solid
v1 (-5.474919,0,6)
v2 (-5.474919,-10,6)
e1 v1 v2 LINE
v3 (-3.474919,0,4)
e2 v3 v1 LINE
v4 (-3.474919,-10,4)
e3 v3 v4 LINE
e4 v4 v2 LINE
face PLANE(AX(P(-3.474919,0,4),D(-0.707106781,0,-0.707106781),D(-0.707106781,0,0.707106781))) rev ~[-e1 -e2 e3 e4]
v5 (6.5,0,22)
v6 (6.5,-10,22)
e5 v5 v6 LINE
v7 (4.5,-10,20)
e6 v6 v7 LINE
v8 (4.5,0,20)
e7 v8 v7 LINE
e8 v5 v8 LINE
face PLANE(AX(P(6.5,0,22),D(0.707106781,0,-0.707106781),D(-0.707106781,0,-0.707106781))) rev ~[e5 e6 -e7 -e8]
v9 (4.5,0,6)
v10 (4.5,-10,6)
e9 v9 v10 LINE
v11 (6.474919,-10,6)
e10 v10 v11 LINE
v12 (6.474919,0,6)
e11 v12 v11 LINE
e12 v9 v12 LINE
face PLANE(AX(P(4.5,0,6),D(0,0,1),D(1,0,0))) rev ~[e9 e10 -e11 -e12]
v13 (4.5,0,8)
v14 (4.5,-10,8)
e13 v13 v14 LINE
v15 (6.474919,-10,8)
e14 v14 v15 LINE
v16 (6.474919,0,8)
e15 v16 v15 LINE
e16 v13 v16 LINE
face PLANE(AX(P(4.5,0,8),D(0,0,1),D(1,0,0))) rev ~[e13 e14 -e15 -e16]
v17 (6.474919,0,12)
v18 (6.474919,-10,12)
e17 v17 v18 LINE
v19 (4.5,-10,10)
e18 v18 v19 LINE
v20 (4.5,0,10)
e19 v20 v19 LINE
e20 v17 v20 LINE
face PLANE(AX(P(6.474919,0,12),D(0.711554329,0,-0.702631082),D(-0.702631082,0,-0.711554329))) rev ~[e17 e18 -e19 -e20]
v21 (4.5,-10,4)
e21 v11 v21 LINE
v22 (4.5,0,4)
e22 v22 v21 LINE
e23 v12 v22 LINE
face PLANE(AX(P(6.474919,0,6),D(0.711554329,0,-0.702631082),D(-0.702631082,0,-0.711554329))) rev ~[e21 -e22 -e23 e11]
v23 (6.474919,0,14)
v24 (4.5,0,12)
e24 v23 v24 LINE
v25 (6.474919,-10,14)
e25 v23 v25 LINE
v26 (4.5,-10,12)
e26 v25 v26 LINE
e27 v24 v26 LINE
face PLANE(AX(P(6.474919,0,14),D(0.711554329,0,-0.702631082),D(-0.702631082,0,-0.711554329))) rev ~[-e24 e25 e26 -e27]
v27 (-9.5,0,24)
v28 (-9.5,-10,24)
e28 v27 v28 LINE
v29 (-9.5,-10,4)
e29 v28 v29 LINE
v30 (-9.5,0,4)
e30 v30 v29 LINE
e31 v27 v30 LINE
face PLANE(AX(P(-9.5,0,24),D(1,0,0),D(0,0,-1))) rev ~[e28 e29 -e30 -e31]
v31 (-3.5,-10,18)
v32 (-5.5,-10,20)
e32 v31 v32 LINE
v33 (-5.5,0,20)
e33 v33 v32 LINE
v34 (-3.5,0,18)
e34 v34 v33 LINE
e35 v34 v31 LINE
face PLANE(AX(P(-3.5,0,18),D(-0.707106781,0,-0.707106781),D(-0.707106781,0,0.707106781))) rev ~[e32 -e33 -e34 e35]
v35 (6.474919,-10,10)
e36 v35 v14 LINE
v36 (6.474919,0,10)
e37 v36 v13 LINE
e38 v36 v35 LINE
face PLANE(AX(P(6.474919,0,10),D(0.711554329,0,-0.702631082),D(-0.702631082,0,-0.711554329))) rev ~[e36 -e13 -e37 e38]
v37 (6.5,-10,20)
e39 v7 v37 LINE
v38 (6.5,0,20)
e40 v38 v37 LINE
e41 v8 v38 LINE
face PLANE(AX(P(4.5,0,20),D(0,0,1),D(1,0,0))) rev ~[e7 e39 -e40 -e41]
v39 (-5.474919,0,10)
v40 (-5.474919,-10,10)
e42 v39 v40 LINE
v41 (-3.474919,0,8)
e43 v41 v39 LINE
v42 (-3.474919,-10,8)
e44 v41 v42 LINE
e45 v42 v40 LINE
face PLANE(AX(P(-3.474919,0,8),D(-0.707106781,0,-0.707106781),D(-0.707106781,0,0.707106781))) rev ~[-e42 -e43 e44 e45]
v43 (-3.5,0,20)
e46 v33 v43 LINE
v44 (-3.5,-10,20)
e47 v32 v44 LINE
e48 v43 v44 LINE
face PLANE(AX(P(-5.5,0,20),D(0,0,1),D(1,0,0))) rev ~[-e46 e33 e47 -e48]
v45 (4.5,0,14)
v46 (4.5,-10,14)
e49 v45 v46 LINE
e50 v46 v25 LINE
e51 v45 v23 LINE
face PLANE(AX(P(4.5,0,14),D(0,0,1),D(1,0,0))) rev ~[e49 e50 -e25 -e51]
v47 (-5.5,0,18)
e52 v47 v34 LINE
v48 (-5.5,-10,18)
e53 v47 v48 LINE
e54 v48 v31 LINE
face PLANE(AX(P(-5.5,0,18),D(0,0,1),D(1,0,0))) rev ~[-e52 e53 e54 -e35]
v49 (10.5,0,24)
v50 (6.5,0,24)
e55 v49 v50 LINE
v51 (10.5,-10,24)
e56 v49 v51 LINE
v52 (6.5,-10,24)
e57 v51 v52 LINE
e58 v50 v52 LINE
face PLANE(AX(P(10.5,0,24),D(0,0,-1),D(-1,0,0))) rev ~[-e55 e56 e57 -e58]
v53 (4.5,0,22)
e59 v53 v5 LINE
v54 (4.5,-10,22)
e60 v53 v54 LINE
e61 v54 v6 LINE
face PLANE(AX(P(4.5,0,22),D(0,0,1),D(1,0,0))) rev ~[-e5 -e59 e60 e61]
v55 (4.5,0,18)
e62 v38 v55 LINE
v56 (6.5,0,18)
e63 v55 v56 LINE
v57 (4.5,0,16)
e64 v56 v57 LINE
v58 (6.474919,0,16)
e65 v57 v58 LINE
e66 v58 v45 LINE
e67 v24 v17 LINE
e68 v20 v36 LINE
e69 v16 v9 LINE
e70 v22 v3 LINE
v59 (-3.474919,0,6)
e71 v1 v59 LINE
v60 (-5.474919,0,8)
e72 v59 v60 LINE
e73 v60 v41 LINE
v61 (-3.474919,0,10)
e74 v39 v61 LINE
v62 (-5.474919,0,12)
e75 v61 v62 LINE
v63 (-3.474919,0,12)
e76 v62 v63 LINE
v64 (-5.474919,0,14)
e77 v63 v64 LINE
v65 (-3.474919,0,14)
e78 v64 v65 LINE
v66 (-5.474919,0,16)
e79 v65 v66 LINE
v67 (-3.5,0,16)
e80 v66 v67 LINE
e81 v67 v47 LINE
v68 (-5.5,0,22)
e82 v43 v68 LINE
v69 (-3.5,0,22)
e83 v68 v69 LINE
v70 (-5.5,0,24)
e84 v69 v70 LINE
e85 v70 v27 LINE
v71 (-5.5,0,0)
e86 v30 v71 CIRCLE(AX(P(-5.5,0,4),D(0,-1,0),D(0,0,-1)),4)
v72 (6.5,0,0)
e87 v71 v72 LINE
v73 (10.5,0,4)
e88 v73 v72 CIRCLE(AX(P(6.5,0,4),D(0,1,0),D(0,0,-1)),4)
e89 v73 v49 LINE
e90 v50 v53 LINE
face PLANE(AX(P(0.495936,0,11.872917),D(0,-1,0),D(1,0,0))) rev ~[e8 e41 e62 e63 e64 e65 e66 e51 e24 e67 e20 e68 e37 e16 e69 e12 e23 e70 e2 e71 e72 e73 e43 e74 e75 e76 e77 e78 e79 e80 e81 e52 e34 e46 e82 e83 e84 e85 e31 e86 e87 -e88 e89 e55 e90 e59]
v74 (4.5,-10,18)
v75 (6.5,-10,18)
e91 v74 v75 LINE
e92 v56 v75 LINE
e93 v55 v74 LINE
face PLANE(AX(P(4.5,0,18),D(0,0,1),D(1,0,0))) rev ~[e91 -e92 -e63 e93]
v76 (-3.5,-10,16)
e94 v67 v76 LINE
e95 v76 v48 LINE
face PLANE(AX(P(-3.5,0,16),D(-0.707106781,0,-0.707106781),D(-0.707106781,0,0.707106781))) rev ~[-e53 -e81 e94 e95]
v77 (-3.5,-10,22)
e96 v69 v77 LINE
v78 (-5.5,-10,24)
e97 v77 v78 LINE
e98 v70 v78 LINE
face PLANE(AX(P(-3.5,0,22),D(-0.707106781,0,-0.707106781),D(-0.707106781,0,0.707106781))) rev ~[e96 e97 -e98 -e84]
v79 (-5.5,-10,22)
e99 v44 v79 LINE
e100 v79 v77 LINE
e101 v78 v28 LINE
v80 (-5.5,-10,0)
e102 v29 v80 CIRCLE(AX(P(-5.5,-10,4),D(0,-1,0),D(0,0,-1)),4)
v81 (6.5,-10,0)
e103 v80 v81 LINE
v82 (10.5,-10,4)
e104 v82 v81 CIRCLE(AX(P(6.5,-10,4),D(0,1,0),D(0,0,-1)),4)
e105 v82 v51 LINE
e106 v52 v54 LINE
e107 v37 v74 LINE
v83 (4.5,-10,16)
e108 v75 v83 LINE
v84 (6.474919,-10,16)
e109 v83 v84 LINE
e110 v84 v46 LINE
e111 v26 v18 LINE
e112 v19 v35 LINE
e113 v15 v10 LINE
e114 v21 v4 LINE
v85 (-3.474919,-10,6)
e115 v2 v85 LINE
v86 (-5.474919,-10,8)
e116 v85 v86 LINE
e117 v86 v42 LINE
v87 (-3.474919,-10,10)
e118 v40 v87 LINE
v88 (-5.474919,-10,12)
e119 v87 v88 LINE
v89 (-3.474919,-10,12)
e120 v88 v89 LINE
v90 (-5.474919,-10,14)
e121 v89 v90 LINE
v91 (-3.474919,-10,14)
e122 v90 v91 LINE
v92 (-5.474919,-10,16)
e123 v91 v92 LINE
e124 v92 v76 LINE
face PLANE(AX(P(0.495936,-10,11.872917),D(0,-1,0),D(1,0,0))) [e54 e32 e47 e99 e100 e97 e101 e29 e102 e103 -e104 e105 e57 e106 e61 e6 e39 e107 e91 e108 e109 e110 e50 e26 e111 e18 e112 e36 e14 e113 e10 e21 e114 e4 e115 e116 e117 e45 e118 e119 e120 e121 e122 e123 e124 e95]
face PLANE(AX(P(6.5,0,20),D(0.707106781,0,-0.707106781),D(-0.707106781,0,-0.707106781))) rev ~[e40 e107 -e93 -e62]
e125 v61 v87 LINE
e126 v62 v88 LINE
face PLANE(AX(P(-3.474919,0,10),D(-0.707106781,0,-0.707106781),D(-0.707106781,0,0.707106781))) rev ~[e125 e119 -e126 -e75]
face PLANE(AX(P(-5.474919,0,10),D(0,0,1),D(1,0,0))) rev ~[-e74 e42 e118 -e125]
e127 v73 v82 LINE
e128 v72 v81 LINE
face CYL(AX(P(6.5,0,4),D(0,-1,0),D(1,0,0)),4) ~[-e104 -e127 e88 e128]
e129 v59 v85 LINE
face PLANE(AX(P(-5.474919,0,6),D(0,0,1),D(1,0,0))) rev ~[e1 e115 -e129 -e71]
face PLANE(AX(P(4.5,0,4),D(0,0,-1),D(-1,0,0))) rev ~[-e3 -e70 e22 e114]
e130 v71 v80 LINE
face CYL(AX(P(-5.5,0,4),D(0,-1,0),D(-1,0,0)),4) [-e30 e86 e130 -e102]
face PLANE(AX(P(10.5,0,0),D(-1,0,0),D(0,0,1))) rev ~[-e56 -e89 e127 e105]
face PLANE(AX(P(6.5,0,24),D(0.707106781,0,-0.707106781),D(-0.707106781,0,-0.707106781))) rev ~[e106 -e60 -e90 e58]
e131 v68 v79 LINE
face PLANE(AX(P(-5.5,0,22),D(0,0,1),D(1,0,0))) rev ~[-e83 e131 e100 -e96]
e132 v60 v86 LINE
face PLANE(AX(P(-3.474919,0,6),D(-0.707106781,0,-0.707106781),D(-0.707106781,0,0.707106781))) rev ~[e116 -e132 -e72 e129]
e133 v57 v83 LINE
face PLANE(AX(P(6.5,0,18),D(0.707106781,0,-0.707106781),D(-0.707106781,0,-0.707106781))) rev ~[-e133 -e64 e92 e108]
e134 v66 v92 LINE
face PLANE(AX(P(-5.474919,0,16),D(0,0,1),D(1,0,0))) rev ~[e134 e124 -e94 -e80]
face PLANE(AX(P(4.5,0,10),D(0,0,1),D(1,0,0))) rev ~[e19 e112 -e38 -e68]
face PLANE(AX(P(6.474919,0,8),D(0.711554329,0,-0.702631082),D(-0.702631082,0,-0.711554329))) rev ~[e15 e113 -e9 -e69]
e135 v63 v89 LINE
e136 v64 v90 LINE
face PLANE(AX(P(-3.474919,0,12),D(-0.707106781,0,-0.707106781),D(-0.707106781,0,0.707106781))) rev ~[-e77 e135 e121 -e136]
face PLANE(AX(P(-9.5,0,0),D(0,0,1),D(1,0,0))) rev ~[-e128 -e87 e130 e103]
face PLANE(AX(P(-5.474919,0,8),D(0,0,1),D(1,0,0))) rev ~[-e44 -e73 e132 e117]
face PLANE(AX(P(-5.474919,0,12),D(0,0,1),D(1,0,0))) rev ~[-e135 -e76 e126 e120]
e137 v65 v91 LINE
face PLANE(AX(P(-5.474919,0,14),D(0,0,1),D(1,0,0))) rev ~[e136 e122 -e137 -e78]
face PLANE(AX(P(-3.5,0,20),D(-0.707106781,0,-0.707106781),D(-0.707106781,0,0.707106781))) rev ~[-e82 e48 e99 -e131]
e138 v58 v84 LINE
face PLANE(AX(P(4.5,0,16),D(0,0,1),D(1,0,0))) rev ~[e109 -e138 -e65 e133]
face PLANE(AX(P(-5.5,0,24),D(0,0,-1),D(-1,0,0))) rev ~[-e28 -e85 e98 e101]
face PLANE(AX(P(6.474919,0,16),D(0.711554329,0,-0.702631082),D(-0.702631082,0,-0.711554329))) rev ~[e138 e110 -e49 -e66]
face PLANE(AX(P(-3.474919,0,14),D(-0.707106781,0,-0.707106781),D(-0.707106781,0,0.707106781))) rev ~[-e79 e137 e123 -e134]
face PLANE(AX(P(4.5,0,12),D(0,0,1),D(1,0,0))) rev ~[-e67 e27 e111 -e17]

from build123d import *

# Parameters (mm, degrees)
F1_DEPTH = 10
F2_R     = 4


with BuildPart() as f1:
    # F0 (on Front) → F1 (new body)
    with BuildSketch(Plane.XZ):
        Polygon((0.5, 0), (10.5, 0), (10.5, 4), (10.5, 24), (6.5, 24), (4.5, 22), (6.5, 22), (4.5, 20), (6.5, 20), (4.5, 18), (6.5, 18), (4.5, 16), (6.474919, 16), (4.5, 14), (6.474919, 14), (4.5, 12), (6.474919, 12), (4.5, 10), (6.474919, 10), (4.5, 8), (6.474919, 8), (4.5, 6), (6.474919, 6), (4.5, 4), (-3.474919, 4), (-5.474919, 6), (-3.474919, 6), (-5.474919, 8), (-3.474919, 8), (-5.474919, 10), (-3.474919, 10), (-5.474919, 12), (-3.474919, 12), (-5.474919, 14), (-3.474919, 14), (-5.474919, 16), (-3.5, 16), (-5.5, 18), (-3.5, 18), (-5.5, 20), (-3.5, 20), (-5.5, 22), (-3.5, 22), (-5.5, 24), (-9.5, 24), (-9.5, 4), (-9.5, 0), align=None)
    extrude(amount=F1_DEPTH)

    # F2
    f2_edges = [f1.edges().sort_by_distance(p)[0] for p in [
        (-9.5, -5, 0),
        (10.5, -5, 0),
    ]]
    fillet(f2_edges, radius=F2_R)


solid = f1.part
